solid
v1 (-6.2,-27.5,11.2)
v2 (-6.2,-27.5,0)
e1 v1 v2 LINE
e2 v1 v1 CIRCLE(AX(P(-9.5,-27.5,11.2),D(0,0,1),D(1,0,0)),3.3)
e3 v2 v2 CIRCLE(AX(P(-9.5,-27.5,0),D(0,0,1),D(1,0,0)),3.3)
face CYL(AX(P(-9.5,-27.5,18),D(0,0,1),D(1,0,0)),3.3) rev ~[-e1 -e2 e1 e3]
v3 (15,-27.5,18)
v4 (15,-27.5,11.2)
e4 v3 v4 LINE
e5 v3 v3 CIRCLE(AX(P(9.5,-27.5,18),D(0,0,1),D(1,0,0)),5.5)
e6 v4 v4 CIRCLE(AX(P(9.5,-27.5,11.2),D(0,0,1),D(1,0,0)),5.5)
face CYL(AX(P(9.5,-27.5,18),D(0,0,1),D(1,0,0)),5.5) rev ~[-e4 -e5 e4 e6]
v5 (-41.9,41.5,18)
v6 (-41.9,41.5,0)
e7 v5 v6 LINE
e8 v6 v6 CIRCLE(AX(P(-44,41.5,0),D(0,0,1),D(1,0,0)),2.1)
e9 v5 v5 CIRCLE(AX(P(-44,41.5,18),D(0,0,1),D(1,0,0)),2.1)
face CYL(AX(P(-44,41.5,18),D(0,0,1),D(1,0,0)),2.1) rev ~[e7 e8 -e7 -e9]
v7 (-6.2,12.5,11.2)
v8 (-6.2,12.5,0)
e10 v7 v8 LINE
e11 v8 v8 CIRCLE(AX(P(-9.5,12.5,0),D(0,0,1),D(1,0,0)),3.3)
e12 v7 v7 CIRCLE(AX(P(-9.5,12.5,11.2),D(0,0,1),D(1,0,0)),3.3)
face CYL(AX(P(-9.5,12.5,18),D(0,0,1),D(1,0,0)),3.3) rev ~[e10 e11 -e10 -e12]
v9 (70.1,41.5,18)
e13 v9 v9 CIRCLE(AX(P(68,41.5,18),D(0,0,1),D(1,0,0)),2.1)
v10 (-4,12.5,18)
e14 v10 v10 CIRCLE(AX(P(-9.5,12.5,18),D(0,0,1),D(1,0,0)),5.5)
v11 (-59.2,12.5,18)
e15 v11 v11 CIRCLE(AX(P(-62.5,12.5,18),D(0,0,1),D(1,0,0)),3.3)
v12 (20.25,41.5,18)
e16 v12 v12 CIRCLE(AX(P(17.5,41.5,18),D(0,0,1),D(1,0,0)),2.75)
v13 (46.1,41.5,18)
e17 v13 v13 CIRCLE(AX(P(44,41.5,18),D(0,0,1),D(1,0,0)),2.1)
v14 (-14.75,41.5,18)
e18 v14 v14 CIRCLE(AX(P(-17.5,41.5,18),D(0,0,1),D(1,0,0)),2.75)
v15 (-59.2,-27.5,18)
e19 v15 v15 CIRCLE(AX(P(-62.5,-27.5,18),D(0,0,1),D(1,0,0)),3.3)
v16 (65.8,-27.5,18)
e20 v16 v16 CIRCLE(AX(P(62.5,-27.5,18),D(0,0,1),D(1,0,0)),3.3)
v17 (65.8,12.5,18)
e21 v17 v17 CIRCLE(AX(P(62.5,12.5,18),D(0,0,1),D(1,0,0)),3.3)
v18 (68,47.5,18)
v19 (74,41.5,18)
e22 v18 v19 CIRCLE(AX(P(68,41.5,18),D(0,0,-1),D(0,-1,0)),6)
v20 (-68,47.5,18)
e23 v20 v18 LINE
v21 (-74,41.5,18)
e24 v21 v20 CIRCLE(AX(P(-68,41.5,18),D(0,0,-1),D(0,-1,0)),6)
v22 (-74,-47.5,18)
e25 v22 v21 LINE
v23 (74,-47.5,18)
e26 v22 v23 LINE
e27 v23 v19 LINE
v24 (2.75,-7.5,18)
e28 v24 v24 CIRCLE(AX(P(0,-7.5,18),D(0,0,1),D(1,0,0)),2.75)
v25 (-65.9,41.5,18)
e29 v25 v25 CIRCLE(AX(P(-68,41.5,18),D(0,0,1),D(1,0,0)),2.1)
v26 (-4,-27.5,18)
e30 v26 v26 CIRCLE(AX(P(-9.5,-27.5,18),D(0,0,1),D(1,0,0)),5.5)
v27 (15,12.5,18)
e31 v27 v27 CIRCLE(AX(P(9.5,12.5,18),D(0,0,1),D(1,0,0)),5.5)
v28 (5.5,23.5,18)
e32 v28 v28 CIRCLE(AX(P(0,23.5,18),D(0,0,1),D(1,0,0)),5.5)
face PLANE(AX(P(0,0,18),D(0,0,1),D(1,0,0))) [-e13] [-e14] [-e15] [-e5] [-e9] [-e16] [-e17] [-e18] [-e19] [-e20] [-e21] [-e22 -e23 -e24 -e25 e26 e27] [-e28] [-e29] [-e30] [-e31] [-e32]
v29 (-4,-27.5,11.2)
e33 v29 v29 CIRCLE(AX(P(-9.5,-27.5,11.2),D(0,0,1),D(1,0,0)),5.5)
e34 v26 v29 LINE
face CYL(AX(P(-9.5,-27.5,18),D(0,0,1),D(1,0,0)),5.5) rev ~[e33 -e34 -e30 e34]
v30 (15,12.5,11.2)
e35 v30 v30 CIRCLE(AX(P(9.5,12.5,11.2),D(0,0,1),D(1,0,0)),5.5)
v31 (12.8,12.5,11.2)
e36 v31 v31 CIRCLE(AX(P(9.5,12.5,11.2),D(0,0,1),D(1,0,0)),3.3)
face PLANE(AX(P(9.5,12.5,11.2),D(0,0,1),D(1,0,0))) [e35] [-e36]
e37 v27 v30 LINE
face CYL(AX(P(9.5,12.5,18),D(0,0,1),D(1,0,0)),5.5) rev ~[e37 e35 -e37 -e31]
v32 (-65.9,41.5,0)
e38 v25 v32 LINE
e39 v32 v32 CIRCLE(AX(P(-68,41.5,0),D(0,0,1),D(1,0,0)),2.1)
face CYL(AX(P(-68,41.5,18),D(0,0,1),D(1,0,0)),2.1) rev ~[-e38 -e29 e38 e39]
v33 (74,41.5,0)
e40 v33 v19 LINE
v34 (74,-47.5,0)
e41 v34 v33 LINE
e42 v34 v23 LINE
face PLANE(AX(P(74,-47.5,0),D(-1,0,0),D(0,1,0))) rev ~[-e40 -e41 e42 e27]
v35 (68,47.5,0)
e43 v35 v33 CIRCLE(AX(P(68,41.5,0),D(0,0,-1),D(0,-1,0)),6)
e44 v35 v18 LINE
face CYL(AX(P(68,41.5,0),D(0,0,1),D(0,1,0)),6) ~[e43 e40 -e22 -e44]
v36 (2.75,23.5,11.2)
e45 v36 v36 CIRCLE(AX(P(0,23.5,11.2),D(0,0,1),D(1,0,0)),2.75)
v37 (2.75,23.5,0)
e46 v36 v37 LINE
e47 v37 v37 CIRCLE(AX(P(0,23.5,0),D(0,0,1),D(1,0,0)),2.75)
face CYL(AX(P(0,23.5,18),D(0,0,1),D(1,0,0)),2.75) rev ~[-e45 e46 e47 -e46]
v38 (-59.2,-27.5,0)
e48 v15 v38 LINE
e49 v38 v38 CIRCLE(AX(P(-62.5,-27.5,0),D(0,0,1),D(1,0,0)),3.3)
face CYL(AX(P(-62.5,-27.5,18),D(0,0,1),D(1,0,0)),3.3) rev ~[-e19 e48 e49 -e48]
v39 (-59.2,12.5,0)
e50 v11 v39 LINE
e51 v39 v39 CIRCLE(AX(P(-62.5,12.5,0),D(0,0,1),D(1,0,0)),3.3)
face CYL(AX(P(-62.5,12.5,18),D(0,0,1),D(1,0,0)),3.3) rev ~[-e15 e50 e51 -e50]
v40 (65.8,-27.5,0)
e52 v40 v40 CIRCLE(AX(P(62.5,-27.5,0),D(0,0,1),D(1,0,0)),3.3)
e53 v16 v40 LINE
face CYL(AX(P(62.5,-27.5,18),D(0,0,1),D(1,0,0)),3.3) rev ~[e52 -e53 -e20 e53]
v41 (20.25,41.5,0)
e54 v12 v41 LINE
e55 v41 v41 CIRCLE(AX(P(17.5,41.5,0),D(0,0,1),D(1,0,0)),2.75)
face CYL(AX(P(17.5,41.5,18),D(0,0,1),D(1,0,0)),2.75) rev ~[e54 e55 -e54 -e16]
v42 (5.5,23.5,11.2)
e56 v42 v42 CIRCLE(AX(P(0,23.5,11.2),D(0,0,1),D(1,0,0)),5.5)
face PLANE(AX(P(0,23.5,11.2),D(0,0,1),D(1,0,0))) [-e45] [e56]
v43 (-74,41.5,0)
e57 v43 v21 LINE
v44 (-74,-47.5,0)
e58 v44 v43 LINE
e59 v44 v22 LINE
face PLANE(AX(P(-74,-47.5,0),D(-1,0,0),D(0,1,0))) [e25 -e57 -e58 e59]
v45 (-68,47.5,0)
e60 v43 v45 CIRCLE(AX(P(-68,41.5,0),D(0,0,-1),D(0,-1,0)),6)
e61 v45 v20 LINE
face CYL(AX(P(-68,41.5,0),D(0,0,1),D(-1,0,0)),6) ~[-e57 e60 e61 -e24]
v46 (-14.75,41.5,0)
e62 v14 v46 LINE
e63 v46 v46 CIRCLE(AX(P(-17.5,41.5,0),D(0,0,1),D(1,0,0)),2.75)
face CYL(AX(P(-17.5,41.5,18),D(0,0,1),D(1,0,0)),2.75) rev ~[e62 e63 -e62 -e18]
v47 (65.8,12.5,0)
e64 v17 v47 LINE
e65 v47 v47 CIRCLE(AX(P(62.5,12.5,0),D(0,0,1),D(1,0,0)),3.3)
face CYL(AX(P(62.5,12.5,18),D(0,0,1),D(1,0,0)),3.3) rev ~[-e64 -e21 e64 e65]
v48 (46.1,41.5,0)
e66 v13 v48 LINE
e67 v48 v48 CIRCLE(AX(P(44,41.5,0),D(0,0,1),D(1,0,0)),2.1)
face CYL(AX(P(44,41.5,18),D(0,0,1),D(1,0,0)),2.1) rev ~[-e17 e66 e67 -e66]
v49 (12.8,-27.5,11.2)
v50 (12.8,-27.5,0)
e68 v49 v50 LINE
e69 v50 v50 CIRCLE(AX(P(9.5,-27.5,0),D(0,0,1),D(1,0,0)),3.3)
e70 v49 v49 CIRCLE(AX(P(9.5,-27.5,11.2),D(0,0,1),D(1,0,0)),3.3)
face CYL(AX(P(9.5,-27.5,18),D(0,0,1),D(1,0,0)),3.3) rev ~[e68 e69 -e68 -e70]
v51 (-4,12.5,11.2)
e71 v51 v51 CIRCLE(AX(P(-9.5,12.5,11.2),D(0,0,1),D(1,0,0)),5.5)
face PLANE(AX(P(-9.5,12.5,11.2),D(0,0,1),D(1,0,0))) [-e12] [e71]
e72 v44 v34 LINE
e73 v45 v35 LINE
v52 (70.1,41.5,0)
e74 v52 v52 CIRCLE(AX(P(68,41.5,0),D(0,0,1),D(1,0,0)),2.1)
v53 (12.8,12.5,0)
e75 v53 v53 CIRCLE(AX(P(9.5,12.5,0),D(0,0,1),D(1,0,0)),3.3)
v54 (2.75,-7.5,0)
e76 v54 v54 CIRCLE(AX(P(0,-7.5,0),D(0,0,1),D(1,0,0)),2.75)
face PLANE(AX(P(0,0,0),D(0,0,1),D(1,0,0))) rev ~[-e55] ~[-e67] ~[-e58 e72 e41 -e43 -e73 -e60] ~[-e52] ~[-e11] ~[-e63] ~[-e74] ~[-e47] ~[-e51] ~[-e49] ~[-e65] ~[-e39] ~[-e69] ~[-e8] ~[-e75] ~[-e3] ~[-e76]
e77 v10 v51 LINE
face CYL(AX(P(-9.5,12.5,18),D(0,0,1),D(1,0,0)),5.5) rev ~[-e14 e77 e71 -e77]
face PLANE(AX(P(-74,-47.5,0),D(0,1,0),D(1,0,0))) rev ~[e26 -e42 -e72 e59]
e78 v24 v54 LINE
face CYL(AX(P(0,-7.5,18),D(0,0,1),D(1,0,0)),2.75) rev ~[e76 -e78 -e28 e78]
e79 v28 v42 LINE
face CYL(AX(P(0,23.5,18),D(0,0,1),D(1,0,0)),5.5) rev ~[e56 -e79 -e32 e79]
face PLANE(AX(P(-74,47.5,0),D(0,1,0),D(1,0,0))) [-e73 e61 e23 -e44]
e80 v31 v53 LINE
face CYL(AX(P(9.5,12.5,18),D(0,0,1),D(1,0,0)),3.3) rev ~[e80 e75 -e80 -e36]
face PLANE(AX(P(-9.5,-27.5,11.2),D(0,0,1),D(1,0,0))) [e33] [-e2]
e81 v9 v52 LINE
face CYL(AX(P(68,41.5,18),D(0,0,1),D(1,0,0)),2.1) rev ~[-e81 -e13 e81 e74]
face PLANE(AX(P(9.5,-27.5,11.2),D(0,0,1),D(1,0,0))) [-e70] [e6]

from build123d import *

# Parameters (mm, degrees)
SKETCH_W        = 148
SKETCH_H        = 95
PAD_DEPTH       = 18
SKETCH001_R     = 3.3
SKETCH001_R_2   = 2.75
SKETCH001_R_3   = 2.1
POCKET_DEPTH    = 18.001
SKETCH002_R     = 5.5
POCKET001_DEPTH = 6.8
FILLET_R        = 6
SKETCH003_R     = 2.75
POCKET002_DEPTH = 18.001


with BuildPart() as part:
    # Sketch → Pad (new body)
    with BuildSketch(Plane.XY):
        Rectangle(SKETCH_W, SKETCH_H)
    extrude(amount=PAD_DEPTH)

    # Sketch001 (on Face6 of Pad) → Pocket (cut, through all)
    with BuildSketch(Plane.XY.offset(18)):
        with Locations((-62.5, 12.5)):
            Circle(SKETCH001_R)
        with Locations((-62.5, -27.5)):
            Circle(SKETCH001_R)
        with Locations((-9.5, 12.5)):
            Circle(SKETCH001_R)
        with Locations((-9.5, -27.5)):
            Circle(SKETCH001_R)
        with Locations((0, -7.5)):
            Circle(SKETCH001_R_2)
        with Locations((0, 23.5)):
            Circle(SKETCH001_R_2)
        with Locations((-68, 41.5)):
            Circle(SKETCH001_R_3)
        with Locations((-44, 41.5)):
            Circle(SKETCH001_R_3)
        with Locations((-17.5, 41.5)):
            Circle(SKETCH001_R_2)
        with Locations((9.5, -27.5)):
            Circle(SKETCH001_R)
        with Locations((9.5, 12.5)):
            Circle(SKETCH001_R)
        with Locations((17.5, 41.5)):
            Circle(SKETCH001_R_2)
        with Locations((44, 41.5)):
            Circle(SKETCH001_R_3)
        with Locations((68, 41.5)):
            Circle(SKETCH001_R_3)
        with Locations((62.5, 12.5)):
            Circle(SKETCH001_R)
        with Locations((62.5, -27.5)):
            Circle(SKETCH001_R)
    extrude(amount=-POCKET_DEPTH, mode=Mode.SUBTRACT)

    # Sketch002 → Pocket001 (cut)
    with BuildSketch(Plane.XY.offset(18)):
        with Locations((-9.5, 12.5)):
            Circle(SKETCH002_R)
        with Locations((9.5, 12.5)):
            Circle(SKETCH002_R)
        with Locations((-9.5, -27.5)):
            Circle(SKETCH002_R)
        with Locations((9.5, -27.5)):
            Circle(SKETCH002_R)
        with Locations((0, 23.5)):
            Circle(SKETCH002_R)
    extrude(amount=-POCKET001_DEPTH, mode=Mode.SUBTRACT)

    # Fillet
    fillet_edges = [part.edges().sort_by_distance(p)[0] for p in [
        (-74, 47.5, 9),
        (74, 47.5, 9),
    ]]
    fillet(fillet_edges, radius=FILLET_R)

    # Sketch003 (on Face5 of Fillet) → Pocket002 (cut, through all)
    with BuildSketch(Plane.XY.offset(18)):
        with Locations((0, -7.5)):
            Circle(SKETCH003_R)
        with Locations((0, 23.5)):
            Circle(SKETCH003_R)
    extrude(amount=-POCKET002_DEPTH, mode=Mode.SUBTRACT)


solid = part.part
